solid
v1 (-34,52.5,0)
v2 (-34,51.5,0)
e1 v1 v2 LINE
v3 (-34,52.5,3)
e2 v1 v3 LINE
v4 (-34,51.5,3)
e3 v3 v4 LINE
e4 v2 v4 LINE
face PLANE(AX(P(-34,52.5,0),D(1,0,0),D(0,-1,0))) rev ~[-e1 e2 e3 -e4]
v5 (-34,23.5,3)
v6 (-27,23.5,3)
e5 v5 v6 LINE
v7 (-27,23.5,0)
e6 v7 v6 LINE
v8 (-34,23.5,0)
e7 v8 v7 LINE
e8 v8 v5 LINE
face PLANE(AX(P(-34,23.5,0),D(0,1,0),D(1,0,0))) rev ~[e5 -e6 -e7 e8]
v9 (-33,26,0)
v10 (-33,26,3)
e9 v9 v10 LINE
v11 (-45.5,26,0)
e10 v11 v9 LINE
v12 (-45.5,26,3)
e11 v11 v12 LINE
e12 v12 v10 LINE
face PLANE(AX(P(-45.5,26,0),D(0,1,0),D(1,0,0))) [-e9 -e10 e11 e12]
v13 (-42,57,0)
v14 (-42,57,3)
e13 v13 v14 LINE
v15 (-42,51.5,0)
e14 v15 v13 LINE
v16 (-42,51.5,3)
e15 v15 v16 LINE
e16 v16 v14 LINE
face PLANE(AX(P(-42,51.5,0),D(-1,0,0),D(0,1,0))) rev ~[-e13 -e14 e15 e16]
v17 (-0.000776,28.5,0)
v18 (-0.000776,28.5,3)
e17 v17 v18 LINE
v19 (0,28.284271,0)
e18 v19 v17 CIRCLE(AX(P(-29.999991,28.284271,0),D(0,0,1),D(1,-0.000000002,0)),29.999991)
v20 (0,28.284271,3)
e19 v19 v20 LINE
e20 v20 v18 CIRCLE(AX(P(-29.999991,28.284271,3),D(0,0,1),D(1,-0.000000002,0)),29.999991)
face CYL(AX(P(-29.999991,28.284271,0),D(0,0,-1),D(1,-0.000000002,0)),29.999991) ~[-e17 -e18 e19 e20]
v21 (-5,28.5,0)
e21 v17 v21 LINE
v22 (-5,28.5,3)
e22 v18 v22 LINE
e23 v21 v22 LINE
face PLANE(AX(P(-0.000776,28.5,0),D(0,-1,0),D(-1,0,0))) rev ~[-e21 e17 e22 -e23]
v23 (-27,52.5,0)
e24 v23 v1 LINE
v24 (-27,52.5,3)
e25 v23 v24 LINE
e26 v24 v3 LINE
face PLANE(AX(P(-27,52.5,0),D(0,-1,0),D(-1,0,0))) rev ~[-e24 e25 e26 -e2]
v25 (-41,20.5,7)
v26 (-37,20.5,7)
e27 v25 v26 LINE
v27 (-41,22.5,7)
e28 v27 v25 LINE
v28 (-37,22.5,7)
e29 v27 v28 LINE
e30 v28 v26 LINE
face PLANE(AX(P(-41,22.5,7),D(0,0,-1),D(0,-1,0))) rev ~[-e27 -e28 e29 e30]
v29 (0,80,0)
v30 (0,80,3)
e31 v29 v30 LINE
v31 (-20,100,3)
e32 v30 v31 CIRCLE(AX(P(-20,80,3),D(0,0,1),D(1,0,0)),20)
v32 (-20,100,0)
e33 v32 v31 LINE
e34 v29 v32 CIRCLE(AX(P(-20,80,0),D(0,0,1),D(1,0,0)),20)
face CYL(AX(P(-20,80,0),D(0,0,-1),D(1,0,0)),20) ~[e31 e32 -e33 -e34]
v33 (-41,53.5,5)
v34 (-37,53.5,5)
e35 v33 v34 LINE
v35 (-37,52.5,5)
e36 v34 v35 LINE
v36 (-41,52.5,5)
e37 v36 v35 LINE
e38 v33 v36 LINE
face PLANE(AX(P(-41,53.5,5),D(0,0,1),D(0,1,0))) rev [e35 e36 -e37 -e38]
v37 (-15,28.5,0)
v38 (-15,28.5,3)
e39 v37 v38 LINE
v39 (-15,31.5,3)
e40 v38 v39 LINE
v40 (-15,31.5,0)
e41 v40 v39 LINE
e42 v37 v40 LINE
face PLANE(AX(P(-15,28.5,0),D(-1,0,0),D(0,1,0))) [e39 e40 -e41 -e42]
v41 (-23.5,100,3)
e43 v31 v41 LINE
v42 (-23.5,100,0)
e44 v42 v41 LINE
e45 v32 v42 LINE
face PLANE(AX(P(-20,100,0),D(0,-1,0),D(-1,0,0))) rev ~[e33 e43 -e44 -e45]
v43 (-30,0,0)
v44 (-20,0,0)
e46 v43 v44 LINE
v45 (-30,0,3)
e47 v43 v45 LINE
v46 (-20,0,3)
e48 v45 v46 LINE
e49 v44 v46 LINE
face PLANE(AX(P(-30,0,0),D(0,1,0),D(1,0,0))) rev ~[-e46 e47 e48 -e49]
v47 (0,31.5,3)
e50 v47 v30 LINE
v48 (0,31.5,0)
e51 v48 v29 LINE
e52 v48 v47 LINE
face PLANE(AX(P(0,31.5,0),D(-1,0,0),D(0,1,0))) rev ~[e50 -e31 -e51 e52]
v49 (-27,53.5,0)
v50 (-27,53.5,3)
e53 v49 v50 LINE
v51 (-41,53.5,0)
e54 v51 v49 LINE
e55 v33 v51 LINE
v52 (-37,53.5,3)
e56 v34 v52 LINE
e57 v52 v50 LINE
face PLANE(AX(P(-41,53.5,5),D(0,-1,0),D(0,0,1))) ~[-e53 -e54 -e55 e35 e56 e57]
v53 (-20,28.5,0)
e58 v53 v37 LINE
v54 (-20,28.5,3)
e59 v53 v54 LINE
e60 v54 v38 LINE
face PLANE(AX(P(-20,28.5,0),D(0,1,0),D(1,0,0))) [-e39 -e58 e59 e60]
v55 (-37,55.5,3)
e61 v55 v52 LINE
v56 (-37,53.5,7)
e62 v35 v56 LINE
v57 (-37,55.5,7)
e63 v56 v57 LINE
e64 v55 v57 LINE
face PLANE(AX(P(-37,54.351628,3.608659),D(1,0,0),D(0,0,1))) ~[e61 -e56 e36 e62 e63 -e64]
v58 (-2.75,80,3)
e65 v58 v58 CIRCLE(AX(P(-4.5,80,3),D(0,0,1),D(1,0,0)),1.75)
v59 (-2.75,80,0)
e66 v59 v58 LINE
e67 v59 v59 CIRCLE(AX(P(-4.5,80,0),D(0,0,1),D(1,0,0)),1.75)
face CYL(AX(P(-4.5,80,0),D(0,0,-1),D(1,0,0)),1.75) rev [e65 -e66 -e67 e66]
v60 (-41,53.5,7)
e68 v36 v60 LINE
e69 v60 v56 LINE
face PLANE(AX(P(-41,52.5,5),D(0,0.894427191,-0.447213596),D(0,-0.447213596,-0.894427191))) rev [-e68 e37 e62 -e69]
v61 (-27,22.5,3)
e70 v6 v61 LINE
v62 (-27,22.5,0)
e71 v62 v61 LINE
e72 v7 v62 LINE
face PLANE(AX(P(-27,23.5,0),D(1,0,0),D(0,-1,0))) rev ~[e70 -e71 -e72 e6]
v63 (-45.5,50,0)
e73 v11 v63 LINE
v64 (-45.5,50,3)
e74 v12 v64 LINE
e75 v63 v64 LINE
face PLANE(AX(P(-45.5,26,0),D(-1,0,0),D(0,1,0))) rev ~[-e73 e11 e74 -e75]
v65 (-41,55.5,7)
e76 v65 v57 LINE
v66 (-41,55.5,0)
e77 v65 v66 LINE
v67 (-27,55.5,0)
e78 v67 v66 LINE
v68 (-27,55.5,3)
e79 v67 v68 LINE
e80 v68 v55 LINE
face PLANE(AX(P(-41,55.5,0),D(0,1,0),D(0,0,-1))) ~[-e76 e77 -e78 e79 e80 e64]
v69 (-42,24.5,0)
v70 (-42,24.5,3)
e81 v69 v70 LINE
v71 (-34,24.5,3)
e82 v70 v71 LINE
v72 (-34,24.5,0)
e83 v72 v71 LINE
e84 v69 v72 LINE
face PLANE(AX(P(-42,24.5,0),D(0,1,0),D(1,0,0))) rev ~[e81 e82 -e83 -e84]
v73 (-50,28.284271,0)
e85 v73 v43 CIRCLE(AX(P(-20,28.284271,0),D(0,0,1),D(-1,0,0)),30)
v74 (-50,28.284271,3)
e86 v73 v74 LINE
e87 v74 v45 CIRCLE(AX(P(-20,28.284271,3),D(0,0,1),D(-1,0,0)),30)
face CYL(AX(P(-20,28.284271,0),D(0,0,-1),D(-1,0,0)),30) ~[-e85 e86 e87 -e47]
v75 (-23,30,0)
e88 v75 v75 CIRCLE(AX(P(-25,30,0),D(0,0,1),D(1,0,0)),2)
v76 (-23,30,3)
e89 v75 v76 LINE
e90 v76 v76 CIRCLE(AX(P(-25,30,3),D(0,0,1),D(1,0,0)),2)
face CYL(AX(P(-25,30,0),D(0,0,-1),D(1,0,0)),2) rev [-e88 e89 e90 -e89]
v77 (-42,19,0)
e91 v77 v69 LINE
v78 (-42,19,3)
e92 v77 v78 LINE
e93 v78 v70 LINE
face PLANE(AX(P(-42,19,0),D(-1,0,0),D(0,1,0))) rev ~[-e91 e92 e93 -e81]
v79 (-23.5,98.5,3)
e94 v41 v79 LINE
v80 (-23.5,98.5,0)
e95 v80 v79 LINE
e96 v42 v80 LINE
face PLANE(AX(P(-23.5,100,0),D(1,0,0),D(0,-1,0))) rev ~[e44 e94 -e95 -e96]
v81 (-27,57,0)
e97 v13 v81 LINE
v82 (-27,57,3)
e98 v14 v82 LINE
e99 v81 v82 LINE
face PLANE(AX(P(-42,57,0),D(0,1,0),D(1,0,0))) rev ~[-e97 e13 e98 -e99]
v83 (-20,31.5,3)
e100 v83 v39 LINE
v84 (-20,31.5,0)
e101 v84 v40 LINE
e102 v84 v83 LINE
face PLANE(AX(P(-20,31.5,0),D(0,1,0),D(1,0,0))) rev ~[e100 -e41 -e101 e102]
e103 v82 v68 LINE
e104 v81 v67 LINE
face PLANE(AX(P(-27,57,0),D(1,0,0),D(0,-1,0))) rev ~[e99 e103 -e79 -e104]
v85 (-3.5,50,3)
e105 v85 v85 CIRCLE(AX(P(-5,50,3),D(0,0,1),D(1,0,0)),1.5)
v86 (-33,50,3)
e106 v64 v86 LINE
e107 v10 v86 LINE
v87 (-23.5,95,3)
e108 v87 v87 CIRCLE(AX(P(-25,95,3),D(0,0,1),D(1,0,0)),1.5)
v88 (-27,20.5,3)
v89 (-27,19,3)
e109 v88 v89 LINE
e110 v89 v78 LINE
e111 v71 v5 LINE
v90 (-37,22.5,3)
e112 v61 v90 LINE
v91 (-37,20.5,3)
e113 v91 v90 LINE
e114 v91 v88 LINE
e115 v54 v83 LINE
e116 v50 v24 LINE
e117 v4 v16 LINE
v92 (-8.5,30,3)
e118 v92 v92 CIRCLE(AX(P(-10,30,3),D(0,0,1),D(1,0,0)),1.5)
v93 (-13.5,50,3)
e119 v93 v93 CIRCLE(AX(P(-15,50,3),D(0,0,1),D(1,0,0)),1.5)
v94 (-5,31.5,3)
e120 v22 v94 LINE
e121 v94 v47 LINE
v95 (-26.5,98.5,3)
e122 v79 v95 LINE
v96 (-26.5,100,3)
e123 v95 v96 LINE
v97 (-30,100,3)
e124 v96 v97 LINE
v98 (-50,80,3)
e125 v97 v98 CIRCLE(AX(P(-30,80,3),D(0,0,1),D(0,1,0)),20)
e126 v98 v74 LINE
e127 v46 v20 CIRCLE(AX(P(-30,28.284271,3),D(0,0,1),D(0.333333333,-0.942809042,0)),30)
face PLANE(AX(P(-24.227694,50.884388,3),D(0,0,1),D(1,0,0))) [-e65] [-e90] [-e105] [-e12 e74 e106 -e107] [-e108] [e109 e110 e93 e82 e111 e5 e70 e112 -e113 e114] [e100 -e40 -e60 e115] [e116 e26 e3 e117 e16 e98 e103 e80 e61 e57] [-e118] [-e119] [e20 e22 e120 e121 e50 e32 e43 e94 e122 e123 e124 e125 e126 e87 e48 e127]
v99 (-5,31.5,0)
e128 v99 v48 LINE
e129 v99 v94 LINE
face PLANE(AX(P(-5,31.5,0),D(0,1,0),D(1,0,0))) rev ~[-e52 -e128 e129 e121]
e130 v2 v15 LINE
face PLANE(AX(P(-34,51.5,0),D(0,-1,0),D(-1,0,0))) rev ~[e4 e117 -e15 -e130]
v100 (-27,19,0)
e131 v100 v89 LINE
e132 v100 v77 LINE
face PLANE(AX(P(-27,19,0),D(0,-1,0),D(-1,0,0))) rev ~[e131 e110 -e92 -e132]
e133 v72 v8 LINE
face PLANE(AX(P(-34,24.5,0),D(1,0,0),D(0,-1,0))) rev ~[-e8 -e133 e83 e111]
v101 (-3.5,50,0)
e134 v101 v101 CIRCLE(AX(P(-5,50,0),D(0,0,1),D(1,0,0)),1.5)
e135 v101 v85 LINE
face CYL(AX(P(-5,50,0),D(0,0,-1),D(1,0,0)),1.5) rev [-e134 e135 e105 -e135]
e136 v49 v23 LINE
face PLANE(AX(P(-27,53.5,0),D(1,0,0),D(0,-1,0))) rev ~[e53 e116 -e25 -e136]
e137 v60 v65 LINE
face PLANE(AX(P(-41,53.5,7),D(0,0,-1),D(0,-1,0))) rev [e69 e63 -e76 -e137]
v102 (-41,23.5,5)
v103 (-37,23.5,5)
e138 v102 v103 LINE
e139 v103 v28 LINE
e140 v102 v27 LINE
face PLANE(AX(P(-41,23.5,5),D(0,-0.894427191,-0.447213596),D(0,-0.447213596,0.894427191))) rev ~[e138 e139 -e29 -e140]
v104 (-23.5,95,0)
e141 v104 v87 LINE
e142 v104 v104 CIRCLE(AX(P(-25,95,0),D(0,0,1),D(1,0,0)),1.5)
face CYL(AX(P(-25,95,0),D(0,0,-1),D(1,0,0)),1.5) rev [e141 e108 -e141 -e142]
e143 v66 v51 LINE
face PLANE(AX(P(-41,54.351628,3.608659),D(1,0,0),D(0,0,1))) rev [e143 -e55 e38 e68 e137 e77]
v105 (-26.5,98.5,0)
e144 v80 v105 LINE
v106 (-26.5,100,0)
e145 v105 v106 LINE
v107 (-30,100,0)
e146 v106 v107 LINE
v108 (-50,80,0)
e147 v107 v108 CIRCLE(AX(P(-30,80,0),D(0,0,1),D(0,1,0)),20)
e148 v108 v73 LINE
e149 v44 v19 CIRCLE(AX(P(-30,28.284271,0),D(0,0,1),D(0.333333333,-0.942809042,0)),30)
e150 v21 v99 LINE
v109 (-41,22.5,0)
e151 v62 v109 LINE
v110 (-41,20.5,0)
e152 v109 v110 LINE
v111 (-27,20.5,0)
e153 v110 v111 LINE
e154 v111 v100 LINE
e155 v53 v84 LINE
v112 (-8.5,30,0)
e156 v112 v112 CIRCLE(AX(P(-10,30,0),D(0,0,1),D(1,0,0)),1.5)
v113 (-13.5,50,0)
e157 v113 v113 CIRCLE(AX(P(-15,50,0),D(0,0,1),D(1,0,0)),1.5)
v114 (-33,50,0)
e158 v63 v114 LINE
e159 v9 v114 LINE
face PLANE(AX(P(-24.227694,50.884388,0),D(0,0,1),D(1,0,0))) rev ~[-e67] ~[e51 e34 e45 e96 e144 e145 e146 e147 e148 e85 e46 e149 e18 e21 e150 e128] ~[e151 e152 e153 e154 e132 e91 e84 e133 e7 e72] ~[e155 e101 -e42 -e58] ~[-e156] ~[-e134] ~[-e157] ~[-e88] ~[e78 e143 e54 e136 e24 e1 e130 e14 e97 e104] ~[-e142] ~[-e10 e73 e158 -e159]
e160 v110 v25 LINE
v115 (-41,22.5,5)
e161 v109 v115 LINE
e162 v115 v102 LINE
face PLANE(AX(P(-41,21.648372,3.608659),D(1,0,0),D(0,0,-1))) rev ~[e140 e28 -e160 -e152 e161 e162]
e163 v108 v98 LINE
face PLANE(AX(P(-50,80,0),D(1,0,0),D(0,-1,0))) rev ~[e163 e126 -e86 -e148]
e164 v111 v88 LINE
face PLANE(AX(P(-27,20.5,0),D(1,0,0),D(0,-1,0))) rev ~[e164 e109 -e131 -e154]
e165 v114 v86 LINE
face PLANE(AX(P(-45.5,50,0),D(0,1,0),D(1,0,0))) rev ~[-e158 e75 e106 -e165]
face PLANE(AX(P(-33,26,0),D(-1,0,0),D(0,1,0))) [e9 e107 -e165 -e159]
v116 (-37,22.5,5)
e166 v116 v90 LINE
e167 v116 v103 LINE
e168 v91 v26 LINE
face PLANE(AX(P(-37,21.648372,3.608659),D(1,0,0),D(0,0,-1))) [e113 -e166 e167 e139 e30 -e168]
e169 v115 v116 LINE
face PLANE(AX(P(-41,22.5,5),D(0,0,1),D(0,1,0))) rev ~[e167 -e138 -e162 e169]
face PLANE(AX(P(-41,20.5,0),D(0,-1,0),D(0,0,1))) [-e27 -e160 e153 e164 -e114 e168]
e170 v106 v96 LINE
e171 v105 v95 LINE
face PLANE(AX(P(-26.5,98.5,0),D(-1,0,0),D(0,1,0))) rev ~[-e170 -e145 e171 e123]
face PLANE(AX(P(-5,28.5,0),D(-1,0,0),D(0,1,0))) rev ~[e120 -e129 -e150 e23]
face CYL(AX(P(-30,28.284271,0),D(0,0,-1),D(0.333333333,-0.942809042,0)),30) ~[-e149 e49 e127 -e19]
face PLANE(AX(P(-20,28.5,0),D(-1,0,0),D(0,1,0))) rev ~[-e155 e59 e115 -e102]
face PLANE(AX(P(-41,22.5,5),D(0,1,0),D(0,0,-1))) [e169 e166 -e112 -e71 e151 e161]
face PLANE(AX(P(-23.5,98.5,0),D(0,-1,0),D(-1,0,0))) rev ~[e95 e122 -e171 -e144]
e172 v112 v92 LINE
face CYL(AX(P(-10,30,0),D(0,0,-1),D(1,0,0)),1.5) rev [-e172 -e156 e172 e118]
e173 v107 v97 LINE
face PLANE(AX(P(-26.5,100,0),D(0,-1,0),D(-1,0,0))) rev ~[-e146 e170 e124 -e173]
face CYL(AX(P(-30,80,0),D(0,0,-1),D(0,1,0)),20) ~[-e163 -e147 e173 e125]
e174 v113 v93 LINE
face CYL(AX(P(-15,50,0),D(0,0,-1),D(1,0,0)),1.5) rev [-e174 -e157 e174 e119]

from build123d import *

# Parameters (mm, degrees)
ESQUISSE1_W        = 12.5
ESQUISSE1_H        = 24
ESQUISSE1_R        = 2
ESQUISSE1_W_2      = 5
ESQUISSE1_H_2      = 3
ESQUISSE1_R_2      = 1.5
ESQUISSE1_R_3      = 1.75
BOSS_EXTRU_1_DEPTH = 3
BOSS_EXTRU_2_DEPTH = 4


with BuildPart() as part:
    # Esquisse1 → Boss.-Extru.1 (new body)
    with BuildSketch(Plane.XY):
        with BuildLine():
            Line((-30, 0), (-20, 0))
            ThreePointArc((-20, 0), (-5.505102572, 10.963763172), (0, 28.284271247))
            ThreePointArc((0, 28.284271247), (-0.000193915, 28.392136321), (-0.000775658, 28.5))
            Line((-0.000775658, 28.5), (-5, 28.5))
            Line((-5, 28.5), (-5, 31.5))
            Line((-5, 31.5), (0, 31.5))
            Line((0, 31.5), (0, 80))
            ThreePointArc((0, 80), (-5.857864376, 94.142135624), (-20, 100))
            Line((-20, 100), (-23.5, 100))
            Line((-23.5, 100), (-23.5, 98.5))
            Line((-23.5, 98.5), (-26.5, 98.5))
            Line((-26.5, 98.5), (-26.5, 100))
            Line((-26.5, 100), (-30, 100))
            ThreePointArc((-30, 100), (-44.142135624, 94.142135624), (-50, 80))
            Line((-50, 80), (-50, 28.284271247))
            ThreePointArc((-50, 28.284271247), (-44.494897428, 10.963763172), (-30, 0))
        make_face()
        Polygon((-42, 19), (-42, 24.5), (-34, 24.5), (-34, 23.5), (-27, 23.5), (-27, 22.5), (-41, 22.5), (-41, 20.5), (-27, 20.5), (-27, 19), (-35, 19), align=None, mode=Mode.SUBTRACT)
        with Locations((-39.25, 38)):
            Rectangle(ESQUISSE1_W, ESQUISSE1_H, mode=Mode.SUBTRACT)
        with Locations((-25, 30)):
            Circle(ESQUISSE1_R, mode=Mode.SUBTRACT)
        with Locations((-17.5, 30)):
            Rectangle(ESQUISSE1_W_2, ESQUISSE1_H_2, mode=Mode.SUBTRACT)
        with Locations((-10, 30)):
            Circle(ESQUISSE1_R_2, mode=Mode.SUBTRACT)
        Polygon((-34, 52.5), (-34, 51.5), (-42, 51.5), (-42, 57), (-35, 57), (-27, 57), (-27, 55.5), (-41, 55.5), (-41, 53.5), (-27, 53.5), (-27, 52.5), align=None, mode=Mode.SUBTRACT)
        with Locations((-15, 50)):
            Circle(ESQUISSE1_R_2, mode=Mode.SUBTRACT)
        with Locations((-5, 50)):
            Circle(ESQUISSE1_R_2, mode=Mode.SUBTRACT)
        with Locations((-25, 95)):
            Circle(ESQUISSE1_R_2, mode=Mode.SUBTRACT)
        with Locations((-4.5, 80)):
            Circle(ESQUISSE1_R_3, mode=Mode.SUBTRACT)
    extrude(amount=BOSS_EXTRU_1_DEPTH)

    # Esquisse2 → Boss.-Extru.2 (add)
    with BuildSketch(Plane.ZY.offset(41)):
        Polygon((3, 22.5), (5, 22.5), (5, 23.5), (7, 22.5), (7, 20.5), (3, 20.5), (0, 20.5), (0, 22.5), align=None)
    boss_extru_2 = extrude(amount=-BOSS_EXTRU_2_DEPTH)

    # Symétrie1: Boss.-Extru.2 across plane
    add(boss_extru_2.mirror(Plane.ZX.offset(38)))


solid = part.part
